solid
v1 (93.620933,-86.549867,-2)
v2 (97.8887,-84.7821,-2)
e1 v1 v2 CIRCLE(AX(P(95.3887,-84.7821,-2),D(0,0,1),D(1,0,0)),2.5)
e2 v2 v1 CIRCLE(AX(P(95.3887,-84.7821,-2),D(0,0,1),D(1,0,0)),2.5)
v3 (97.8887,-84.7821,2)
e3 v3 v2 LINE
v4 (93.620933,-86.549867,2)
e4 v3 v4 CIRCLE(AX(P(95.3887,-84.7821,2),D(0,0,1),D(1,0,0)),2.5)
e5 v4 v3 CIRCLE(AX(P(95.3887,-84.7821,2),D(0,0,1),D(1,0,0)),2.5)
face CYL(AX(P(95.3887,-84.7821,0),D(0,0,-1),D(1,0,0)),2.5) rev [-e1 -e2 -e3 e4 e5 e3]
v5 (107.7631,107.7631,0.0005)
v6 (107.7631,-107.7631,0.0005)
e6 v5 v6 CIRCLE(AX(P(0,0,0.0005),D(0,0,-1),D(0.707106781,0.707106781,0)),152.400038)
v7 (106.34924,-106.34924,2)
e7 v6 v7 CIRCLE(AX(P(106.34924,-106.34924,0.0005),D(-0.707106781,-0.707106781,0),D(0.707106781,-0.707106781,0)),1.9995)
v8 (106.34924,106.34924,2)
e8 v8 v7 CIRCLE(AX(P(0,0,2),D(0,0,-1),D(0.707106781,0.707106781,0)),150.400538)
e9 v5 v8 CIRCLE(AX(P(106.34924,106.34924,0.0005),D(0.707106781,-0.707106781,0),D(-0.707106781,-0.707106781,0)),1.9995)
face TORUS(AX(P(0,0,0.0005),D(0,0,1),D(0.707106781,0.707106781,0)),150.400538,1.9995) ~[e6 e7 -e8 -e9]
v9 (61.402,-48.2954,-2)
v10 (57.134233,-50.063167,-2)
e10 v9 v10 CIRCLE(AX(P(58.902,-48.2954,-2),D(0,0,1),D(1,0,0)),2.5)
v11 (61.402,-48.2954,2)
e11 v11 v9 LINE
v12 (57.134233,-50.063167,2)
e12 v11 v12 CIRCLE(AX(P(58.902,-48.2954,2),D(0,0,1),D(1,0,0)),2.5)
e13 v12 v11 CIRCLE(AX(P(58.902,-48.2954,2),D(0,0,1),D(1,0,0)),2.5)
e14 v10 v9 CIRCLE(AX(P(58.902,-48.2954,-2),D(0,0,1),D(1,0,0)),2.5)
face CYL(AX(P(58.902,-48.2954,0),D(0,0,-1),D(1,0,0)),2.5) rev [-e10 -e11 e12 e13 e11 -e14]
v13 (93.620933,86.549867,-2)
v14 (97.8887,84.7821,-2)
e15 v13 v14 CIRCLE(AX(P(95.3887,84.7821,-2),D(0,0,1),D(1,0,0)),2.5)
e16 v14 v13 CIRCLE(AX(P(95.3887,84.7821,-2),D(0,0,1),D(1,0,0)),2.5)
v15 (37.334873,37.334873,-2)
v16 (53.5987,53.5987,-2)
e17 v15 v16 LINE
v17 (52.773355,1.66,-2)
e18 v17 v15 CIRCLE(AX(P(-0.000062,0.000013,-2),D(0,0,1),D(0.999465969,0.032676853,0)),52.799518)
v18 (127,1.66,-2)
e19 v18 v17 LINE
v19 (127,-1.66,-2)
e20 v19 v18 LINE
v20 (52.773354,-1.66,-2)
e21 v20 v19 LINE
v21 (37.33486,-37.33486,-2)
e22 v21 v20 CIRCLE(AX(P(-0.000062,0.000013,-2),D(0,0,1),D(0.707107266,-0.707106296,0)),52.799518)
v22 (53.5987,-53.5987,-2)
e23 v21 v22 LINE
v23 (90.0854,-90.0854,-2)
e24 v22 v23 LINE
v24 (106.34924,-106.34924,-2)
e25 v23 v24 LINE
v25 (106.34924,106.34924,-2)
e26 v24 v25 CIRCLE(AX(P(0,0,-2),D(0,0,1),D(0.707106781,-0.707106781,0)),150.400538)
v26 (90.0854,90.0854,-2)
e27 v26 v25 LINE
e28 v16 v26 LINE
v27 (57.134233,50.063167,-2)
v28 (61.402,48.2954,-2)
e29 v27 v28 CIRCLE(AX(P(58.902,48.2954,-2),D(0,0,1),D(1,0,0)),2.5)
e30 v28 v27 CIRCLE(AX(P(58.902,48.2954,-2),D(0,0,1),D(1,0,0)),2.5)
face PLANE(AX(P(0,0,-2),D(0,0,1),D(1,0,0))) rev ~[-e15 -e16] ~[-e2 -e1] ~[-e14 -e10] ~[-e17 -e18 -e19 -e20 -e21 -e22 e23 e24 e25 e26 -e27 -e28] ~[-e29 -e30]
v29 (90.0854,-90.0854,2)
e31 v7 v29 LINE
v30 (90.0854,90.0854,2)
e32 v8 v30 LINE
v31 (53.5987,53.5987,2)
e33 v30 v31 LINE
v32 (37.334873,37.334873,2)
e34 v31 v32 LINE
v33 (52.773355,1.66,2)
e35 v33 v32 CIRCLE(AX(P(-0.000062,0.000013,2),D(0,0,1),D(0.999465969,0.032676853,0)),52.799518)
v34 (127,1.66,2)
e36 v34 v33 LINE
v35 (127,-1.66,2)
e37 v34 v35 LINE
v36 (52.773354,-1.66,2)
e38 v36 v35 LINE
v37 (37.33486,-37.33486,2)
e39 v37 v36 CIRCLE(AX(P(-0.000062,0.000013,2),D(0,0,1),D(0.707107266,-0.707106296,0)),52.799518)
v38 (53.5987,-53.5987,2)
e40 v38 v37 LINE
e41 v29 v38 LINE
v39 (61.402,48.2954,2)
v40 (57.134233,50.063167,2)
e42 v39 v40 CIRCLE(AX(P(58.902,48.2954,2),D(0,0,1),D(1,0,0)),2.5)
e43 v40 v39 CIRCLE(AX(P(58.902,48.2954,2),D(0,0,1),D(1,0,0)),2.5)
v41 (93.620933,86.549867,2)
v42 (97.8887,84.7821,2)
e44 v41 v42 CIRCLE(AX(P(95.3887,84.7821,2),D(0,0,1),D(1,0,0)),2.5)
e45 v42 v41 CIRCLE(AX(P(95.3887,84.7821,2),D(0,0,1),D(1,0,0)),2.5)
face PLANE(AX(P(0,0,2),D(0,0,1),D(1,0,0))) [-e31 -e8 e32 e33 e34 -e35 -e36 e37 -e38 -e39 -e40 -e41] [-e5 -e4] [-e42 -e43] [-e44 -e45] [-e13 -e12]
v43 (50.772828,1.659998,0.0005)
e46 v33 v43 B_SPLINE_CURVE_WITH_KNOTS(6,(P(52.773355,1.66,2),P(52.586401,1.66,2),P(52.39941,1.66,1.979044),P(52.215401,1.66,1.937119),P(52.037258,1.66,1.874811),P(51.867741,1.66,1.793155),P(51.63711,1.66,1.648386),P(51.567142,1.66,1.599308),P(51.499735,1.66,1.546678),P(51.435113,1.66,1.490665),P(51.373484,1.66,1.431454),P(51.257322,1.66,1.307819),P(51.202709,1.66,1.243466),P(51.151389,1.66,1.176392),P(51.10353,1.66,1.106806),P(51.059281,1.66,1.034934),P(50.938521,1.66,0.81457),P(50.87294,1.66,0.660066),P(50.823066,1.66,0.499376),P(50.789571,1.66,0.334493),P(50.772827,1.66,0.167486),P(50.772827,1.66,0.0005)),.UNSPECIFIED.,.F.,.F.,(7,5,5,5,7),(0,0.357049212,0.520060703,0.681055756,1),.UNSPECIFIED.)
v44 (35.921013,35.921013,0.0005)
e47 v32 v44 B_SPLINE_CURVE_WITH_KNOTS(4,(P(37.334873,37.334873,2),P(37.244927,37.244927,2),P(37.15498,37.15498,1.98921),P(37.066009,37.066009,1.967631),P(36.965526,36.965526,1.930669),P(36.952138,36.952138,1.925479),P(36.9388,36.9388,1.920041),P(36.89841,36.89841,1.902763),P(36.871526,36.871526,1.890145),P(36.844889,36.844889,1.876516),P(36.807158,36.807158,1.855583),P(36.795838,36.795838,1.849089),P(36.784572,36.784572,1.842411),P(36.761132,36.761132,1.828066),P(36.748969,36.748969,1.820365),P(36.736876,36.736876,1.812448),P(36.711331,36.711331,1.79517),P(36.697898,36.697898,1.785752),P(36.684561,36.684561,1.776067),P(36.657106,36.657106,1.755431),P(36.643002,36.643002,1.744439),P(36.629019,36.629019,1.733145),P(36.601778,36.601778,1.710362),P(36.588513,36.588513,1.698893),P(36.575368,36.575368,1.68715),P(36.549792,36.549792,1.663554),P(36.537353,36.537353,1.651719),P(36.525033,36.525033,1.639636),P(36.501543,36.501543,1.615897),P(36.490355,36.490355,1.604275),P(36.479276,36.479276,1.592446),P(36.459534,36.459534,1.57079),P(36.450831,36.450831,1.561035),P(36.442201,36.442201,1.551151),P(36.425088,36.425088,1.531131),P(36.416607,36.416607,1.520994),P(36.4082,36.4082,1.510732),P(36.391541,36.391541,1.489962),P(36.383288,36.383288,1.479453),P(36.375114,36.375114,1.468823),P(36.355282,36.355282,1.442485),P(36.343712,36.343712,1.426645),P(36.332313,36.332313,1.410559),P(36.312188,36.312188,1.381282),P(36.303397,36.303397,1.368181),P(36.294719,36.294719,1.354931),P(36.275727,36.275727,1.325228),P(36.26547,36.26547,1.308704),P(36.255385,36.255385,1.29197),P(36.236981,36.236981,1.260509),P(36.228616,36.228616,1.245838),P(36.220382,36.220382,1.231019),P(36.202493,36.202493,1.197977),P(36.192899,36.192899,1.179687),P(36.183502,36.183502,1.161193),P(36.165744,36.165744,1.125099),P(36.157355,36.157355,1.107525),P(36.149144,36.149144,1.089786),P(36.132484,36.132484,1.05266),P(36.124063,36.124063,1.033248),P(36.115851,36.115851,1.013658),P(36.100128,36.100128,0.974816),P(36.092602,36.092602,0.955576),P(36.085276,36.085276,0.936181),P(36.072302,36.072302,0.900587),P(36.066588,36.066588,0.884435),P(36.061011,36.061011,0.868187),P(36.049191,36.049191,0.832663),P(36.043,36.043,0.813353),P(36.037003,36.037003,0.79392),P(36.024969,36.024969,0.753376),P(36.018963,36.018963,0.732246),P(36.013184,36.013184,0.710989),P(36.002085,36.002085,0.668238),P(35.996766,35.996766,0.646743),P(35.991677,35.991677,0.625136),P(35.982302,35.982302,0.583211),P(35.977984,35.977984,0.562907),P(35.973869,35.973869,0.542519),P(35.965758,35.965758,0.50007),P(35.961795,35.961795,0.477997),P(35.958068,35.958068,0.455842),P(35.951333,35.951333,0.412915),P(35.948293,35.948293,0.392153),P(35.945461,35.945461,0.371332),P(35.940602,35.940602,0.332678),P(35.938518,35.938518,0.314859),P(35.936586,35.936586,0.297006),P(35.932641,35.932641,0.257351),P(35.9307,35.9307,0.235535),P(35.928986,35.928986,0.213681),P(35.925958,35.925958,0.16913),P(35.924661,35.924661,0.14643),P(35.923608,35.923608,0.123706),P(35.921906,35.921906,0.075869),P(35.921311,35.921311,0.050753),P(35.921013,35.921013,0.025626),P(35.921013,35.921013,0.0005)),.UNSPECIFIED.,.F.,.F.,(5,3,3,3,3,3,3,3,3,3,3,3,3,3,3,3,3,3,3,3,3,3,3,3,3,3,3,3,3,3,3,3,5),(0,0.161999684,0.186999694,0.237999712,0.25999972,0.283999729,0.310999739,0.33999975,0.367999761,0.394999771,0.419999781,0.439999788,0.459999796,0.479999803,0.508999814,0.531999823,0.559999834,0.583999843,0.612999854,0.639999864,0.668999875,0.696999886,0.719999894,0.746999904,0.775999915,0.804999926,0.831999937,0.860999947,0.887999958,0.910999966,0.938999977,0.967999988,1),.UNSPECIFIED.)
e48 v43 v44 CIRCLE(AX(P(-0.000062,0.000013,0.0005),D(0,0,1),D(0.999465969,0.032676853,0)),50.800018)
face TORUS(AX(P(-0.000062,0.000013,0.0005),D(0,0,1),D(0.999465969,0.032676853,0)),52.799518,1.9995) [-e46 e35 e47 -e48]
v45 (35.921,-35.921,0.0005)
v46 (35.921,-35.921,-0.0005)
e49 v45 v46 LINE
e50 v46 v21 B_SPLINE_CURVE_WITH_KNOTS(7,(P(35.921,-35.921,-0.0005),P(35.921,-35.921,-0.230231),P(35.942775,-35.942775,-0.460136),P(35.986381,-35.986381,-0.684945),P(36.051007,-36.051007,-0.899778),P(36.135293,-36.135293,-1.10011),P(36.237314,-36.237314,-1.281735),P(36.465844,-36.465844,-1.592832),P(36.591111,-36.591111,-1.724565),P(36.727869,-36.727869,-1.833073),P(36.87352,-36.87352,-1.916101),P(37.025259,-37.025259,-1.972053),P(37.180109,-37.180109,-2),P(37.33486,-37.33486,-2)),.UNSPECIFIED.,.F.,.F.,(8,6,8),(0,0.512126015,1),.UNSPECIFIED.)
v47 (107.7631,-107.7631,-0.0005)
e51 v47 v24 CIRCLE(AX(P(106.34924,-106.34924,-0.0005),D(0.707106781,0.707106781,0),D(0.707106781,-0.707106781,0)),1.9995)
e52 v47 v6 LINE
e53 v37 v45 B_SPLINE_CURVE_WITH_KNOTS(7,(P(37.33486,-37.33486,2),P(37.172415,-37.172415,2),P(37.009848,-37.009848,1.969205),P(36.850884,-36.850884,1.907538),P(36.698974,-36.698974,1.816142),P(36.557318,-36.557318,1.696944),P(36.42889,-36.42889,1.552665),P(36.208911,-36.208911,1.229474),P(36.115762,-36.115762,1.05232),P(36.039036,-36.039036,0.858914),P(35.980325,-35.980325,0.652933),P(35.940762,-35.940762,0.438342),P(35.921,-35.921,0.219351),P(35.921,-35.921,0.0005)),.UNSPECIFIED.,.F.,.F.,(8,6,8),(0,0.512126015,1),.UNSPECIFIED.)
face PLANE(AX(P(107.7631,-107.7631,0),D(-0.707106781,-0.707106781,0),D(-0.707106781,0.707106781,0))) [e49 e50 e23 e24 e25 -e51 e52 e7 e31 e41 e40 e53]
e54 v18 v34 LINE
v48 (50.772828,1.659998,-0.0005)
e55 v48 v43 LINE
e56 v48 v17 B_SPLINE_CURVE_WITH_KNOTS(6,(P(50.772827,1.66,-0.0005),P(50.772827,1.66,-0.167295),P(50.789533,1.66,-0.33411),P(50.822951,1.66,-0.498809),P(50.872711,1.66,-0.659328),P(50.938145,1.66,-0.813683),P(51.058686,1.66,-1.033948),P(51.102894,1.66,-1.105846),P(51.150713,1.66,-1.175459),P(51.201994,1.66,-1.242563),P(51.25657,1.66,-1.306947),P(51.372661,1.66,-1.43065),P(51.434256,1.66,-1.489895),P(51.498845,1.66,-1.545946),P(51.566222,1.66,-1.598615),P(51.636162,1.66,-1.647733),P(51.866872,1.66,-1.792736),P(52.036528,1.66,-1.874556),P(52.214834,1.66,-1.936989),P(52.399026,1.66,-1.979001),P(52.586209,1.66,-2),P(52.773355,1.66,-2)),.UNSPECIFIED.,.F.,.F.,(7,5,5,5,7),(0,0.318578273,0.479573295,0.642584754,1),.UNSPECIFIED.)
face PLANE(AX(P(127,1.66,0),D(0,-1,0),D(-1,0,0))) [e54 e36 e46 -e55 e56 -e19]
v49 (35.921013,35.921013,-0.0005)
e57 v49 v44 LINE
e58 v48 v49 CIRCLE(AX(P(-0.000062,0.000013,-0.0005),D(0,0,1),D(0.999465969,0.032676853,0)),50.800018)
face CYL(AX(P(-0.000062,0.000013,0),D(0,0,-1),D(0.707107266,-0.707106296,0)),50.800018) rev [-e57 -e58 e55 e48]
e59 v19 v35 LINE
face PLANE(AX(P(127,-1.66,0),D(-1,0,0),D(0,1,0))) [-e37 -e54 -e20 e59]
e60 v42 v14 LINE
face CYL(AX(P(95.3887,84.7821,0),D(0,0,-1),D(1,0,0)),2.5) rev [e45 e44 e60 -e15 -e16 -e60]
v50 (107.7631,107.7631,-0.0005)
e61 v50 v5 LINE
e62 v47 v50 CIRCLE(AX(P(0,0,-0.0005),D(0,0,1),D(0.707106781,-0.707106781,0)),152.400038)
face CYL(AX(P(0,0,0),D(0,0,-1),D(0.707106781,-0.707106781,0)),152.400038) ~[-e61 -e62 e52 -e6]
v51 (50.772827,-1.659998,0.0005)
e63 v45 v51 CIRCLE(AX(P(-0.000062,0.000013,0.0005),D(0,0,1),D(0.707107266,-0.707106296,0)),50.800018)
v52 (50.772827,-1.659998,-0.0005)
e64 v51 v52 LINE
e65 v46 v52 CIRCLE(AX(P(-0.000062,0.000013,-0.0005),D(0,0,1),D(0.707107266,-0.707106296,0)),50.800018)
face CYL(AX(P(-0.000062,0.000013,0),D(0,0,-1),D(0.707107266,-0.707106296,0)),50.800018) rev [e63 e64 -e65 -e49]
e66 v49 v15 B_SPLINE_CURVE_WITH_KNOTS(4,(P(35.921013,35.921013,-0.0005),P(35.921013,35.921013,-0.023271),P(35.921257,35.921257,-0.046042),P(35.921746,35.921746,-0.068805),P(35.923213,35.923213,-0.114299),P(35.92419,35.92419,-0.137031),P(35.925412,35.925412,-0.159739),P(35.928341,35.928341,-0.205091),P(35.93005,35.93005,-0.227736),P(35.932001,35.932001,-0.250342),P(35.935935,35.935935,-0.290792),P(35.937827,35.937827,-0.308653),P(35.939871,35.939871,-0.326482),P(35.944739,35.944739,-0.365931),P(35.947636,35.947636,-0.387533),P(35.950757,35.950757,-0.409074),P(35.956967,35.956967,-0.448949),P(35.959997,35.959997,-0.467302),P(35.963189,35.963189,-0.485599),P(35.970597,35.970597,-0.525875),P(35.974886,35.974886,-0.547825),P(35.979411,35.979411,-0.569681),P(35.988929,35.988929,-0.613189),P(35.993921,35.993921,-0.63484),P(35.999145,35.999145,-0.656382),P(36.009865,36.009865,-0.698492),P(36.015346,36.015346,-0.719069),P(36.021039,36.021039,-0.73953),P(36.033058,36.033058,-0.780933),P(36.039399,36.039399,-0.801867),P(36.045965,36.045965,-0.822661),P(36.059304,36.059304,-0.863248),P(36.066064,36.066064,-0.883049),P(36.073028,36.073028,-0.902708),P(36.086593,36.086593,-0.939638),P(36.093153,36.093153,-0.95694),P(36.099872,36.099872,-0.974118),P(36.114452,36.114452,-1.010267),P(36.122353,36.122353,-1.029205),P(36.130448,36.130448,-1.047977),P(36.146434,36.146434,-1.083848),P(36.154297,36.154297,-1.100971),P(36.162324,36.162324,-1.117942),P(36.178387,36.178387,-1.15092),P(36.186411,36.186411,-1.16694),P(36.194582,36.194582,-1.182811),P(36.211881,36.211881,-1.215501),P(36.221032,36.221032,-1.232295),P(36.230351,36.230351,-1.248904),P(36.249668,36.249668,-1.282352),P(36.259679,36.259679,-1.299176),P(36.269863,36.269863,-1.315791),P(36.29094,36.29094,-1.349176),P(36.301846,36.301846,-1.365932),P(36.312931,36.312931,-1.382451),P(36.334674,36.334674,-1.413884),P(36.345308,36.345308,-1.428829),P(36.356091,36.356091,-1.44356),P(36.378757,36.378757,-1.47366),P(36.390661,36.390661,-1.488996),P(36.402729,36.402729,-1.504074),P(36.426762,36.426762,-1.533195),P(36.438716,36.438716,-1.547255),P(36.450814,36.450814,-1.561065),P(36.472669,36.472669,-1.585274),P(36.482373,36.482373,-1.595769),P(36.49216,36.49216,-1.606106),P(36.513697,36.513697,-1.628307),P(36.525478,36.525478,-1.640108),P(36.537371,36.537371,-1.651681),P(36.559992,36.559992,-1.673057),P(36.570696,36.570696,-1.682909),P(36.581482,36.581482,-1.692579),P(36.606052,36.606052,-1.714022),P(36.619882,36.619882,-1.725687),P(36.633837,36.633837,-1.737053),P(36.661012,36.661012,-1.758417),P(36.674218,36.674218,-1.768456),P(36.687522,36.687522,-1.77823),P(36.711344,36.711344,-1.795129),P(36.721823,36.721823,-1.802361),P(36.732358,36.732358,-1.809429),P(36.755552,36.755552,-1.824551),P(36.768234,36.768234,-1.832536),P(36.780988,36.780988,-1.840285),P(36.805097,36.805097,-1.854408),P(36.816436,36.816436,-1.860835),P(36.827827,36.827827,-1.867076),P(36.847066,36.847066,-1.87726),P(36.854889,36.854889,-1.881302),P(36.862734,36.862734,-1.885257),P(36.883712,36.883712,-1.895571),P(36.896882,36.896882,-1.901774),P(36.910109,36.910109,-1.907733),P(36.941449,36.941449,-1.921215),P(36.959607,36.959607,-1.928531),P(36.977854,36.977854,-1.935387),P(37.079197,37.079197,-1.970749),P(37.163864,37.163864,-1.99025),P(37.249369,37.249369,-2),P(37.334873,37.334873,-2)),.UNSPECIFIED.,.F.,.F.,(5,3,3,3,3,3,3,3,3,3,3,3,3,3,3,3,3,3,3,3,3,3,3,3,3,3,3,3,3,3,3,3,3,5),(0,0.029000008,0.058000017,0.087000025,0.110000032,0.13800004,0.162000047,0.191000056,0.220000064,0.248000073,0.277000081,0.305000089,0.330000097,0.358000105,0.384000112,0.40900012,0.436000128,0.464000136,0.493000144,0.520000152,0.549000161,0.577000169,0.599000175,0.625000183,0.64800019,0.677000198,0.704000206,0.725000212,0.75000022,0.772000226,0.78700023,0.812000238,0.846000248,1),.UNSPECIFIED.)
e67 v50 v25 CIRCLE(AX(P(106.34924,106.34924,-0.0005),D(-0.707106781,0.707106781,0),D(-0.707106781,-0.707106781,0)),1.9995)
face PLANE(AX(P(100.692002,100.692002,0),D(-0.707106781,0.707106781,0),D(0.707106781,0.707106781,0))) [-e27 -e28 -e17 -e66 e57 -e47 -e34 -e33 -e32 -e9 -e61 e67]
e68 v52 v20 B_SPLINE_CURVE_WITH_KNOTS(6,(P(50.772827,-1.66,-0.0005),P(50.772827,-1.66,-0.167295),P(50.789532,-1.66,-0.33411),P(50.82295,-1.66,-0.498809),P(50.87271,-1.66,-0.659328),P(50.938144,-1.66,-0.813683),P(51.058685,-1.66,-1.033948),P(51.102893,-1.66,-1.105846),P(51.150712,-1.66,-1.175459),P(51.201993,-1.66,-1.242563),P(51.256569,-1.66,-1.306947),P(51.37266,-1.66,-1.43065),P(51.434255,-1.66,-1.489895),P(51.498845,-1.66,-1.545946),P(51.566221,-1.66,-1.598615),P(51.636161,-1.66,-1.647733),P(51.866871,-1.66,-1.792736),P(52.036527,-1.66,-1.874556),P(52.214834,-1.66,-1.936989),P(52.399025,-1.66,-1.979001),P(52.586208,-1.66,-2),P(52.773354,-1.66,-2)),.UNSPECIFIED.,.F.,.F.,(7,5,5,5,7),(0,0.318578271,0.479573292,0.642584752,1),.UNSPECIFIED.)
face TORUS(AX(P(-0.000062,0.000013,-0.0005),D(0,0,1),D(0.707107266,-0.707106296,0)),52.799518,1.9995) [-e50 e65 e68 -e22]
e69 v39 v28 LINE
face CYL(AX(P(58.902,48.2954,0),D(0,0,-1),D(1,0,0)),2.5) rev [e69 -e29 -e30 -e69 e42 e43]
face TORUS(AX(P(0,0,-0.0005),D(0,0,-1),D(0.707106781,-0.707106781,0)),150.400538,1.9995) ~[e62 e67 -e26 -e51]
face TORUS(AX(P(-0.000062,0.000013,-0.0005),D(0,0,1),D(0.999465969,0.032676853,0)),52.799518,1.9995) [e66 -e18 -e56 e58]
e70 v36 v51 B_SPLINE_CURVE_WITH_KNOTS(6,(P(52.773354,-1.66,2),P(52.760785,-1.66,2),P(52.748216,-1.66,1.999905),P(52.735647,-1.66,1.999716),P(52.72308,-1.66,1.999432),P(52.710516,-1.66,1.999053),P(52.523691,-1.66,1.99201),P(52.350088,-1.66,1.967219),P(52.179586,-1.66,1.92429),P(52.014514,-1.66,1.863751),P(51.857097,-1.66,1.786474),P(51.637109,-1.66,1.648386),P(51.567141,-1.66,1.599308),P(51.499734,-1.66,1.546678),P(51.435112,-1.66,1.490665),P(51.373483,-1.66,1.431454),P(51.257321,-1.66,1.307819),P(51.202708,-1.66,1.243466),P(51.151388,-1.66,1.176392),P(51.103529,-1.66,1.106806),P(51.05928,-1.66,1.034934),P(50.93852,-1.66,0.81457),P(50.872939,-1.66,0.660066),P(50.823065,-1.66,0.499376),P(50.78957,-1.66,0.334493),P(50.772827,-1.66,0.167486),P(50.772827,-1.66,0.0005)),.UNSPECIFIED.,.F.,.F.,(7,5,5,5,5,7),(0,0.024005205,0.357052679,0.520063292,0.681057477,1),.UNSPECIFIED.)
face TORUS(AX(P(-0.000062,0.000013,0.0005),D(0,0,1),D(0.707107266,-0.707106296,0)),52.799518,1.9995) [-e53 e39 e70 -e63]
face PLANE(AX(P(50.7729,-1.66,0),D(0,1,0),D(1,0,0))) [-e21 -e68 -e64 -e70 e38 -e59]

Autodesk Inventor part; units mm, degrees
ref_plane "YZ Plane" through (0, 0, 0) normal (1, 0, 0) x (0, 1, 0)
ref_plane "XZ Plane" through (0, 0, 0) normal (0, 1, 0) x (-1, 0, 0)
ref_plane "XY Plane" through (0, 0, 0) normal (0, 0, 1) x (1, 0, 0)
sketch "Sketch1" plane through (0, 0, 0) normal (0, 0, 1) x (1, 0, 0)
  arc A0 (107.7631, -107.7631) -> (-107.7631, 107.7631) centre (0, 0) ccw
  line L0 (152.4, 0) -> (127, 0)
  line L1 (127, -1.66) -> (127, 1.66)
  line L2 (127, 1.66) -> (50.7729, 1.66)
  line L3 (50.7729, -1.66) -> (127, -1.66)
  line L4 (-64.9376, 109.1552) -> (-26.824, 43.1406)
  line L5 (-23.9488, 44.8006) -> (-62.0624, 110.8152)
  line L6 (-1.66, 127) -> (-1.66, 50.7729)
  line L7 (1.66, 50.7729) -> (1.66, 127)
  line L8 (1.66, 127) -> (-1.66, 127)
  line L9 (-62.0624, 110.8152) -> (-64.9376, 109.1552)
  line L10 (35.921, 35.921) -> (107.7631, 107.7631)
  line L11 (0, 0) -> (152.4, 0) construction
  line L12 (0, 0) -> (152.4, 0) construction
  line L13 (107.7631, -107.7631) -> (35.921, -35.921)
  line L14 (-35.921, 35.921) -> (-107.7631, 107.7631)
  arc A1 (-26.824, 43.1406) -> (-35.921, 35.921) centre (0, 0) ccw
  arc A2 (35.921, -35.921) -> (1.66, 50.7729) centre (0, 0) ccw
  arc A3 (-1.66, 50.7729) -> (-23.9488, 44.8006) centre (0, 0) ccw
  line L15 (35.921, 35.921) -> (53.5987, 53.5987)
  line L16 (107.7631, 107.7631) -> (90.0854, 90.0854)
  circle A4 centre (53.5987, 53.5987) radius 15
  line L17 (53.5987, 53.5987) -> (58.902, 48.2954)
  line L18 (53.5987, 53.5987) -> (48.2954, 58.902)
  circle A5 centre (48.2954, 58.902) radius 2.5
  circle A6 centre (58.902, 48.2954) radius 2.5
  circle A7 centre (90.0854, 90.0854) radius 15
  line L19 (90.0854, 90.0854) -> (95.3887, 84.7821)
  line L20 (90.0854, 90.0854) -> (84.7821, 95.3887)
  circle A8 centre (84.7821, 95.3887) radius 2.5
  circle A9 centre (95.3887, 84.7821) radius 2.5
  line L21 (-90.0854, 90.0854) -> (-84.7821, 95.3887)
  circle A10 centre (-84.7821, 95.3887) radius 2.5
  circle A11 centre (-90.0854, 90.0854) radius 15
  line L22 (-90.0854, 90.0854) -> (-95.3887, 84.7821)
  circle A12 centre (-95.3887, 84.7821) radius 2.5
  circle A13 centre (-58.902, 48.2954) radius 2.5
  circle A14 centre (-53.5987, 53.5987) radius 15
  line L23 (-53.5987, 53.5987) -> (-58.902, 48.2954)
  circle A15 centre (-48.2954, 58.902) radius 2.5
  line L24 (-53.5987, 53.5987) -> (-48.2954, 58.902)
  line L25 (90.0854, -90.0854) -> (84.7821, -95.3887)
  circle A16 centre (84.7821, -95.3887) radius 2.5
  circle A17 centre (90.0854, -90.0854) radius 15
  line L26 (90.0854, -90.0854) -> (95.3887, -84.7821)
  circle A18 centre (95.3887, -84.7821) radius 2.5
  circle A19 centre (58.902, -48.2954) radius 2.5
  circle A20 centre (53.5987, -53.5987) radius 15
  line L27 (53.5987, -53.5987) -> (58.902, -48.2954)
  circle A21 centre (48.2954, -58.902) radius 2.5
  line L28 (53.5987, -53.5987) -> (48.2954, -58.902)
  point P0 (50.8, 0)
  dimension "d2" = 25.4
  dimension "d3" = 3.32
  dimension "d10" = 45
  dimension "d12" = 25
  dimension "d13" = 25
  dimension "d14" = 30
  dimension "d15" = 7.5
  dimension "d16" = 7.5
  dimension "d17" = 5
  dimension "d18" = 5
  dimension "d19" = 30
  dimension "d20" = 7.5
  dimension "d21" = 7.5
  dimension "d22" = 5
  dimension "d23" = 5
extrude "Extrusion5" add sketch "Sketch1" along normal mid plane 4 contours L13 A17 A20 A2 L3 L1 L0 A0 | L0 L1 L2 A2 L10 A4 A7 A0 | L13 A17 | A7 L10 | L13 A20 | A4 L10 picked at (87.4853, -84.823) picked at (87.4853, 84.823) picked at (50.9986, -48.3363) picked at (50.9986, 48.3363)
fillet "Fillet2" radius 2 6 edges at (46.6091, -20.2046, -2) (46.6091, -20.2046, 2) (46.6091, 20.2046, -2) (46.6091, 20.2046, 2) (152.4, 0, -2) (152.4, 0, 2)
properties part number "fin_alignment_rig_part2"
